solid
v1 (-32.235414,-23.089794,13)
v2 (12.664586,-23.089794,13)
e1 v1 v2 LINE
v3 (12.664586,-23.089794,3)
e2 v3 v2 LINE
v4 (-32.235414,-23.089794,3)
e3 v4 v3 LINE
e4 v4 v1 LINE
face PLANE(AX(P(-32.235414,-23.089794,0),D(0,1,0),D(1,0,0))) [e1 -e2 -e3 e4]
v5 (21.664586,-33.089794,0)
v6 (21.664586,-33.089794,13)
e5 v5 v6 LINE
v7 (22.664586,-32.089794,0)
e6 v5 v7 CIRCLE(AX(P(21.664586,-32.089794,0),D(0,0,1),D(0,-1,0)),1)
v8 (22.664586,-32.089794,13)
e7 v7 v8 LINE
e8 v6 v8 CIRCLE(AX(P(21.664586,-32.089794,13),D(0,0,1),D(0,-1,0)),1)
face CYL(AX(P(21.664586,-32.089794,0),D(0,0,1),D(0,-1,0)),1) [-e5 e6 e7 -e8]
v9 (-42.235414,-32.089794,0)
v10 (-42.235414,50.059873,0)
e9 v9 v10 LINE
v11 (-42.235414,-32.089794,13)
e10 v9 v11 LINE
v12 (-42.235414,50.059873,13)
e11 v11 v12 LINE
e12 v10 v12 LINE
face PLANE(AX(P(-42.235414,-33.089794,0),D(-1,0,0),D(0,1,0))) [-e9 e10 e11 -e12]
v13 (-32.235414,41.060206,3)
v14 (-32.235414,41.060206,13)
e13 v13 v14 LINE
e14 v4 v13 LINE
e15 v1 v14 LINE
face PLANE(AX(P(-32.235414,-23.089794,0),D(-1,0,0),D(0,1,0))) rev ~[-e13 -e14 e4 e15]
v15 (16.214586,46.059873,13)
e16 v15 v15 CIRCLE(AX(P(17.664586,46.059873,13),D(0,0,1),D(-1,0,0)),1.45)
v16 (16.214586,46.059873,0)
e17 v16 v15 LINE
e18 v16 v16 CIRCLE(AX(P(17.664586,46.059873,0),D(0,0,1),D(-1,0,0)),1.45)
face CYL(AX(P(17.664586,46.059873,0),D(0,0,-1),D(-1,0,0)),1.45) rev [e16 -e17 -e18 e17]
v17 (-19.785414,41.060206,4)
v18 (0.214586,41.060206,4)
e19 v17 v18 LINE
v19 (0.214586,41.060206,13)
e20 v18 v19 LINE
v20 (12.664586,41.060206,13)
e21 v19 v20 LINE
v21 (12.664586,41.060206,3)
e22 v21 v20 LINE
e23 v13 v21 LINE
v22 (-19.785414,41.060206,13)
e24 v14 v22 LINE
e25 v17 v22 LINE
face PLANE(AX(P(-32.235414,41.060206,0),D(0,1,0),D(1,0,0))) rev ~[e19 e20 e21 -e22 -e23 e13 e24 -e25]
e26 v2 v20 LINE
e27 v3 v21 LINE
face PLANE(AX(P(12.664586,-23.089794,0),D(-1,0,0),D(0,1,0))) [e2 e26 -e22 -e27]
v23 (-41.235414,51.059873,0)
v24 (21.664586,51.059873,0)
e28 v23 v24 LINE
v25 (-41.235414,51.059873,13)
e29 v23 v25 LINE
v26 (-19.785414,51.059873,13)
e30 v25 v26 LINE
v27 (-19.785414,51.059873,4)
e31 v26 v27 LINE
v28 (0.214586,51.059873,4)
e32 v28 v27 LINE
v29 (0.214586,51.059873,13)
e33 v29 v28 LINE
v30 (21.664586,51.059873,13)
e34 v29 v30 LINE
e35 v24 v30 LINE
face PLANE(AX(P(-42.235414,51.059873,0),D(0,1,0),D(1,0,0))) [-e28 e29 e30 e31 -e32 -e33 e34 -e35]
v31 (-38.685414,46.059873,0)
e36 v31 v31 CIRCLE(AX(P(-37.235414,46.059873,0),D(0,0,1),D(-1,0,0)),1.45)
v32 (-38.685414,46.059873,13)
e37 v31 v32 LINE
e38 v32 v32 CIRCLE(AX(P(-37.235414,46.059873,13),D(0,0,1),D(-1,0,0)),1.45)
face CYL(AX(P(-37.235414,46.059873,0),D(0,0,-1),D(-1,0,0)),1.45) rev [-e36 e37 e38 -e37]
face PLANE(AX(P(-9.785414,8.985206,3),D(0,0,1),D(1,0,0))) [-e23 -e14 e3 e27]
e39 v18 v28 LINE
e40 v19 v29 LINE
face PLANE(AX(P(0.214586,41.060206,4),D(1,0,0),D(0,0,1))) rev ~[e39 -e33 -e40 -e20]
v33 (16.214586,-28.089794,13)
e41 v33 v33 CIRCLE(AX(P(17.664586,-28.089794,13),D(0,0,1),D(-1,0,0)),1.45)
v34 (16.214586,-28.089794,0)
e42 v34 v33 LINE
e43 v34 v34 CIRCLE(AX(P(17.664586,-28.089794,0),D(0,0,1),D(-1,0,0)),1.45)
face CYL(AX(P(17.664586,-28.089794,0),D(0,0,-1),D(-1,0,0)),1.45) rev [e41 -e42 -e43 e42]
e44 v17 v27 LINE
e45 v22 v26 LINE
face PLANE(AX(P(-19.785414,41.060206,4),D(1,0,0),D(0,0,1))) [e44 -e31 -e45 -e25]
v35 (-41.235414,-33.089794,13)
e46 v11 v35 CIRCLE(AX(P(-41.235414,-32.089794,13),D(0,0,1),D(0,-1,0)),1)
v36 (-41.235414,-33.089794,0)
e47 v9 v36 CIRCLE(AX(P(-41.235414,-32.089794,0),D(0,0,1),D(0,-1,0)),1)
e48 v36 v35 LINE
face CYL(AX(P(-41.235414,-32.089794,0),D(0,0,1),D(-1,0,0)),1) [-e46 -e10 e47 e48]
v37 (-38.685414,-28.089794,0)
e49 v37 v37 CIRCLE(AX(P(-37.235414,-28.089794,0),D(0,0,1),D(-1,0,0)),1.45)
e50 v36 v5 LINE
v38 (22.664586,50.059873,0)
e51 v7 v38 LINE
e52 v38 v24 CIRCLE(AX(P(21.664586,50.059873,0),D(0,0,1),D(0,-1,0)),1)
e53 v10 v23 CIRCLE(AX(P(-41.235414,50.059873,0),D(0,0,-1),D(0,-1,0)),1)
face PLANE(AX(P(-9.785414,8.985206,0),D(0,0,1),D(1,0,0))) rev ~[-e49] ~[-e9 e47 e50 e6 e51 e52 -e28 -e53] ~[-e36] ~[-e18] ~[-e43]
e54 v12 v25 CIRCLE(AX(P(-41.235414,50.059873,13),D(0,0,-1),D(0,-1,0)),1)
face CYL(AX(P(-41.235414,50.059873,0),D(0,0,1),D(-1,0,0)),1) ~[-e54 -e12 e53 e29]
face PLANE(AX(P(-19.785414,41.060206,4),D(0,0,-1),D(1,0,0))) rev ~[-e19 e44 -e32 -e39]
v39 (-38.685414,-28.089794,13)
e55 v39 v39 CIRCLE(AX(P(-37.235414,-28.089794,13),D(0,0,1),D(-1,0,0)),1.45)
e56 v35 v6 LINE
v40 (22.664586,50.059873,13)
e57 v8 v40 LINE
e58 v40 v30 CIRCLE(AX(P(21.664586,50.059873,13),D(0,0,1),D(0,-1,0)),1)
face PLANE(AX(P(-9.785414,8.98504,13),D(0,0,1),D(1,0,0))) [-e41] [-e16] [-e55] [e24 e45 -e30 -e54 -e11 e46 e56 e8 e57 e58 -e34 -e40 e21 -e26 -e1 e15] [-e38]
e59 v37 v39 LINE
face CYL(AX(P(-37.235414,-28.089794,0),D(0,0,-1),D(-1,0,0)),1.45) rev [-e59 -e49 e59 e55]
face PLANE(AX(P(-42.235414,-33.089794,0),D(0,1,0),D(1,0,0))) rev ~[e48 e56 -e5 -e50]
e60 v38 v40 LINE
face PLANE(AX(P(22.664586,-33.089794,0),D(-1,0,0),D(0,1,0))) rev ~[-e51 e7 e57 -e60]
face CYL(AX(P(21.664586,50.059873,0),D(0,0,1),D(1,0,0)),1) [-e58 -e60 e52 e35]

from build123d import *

# Parameters (mm, degrees)
ESQUISSE2_W             = 64.9
ESQUISSE2_H             = 84.149666381
ESQUISSE2_R             = 1.45
ESQUISSE2_W_2           = 44.9
ESQUISSE2_H_2           = 64.15
BOSS_EXTRU_3_DEPTH      = 13
ESQUISSE6_W             = 44.9
ESQUISSE6_H             = 64.15
BOSS_EXTRU_4_DEPTH      = 3
ESQUISSE8_W             = 20
ESQUISSE8_H             = 9
ENL_V_MAT_EXTRU_2_DEPTH = 10
CONG_1_R                = 1
CONG_2_R                = 1
CONG_3_R                = 1
CONG_4_R                = 1


with BuildPart() as part:
    # Esquisse2 → Boss.-Extru.3 (new body)
    with BuildSketch(Plane.XY):
        with Locations((-9.785413718, 8.985039615)):
            Rectangle(ESQUISSE2_W, ESQUISSE2_H)
        with Locations(Location((17.664586282, 46.059872806, 0), (0, 0, 180))):
            Circle(ESQUISSE2_R, mode=Mode.SUBTRACT)
        with Locations(Location((-37.235413718, 46.059872806, 0), (0, 0, 180))):
            Circle(ESQUISSE2_R, mode=Mode.SUBTRACT)
        with Locations(Location((-37.235413718, -28.089793575, 0), (0, 0, 180))):
            Circle(ESQUISSE2_R, mode=Mode.SUBTRACT)
        with Locations(Location((17.664586282, -28.089793575, 0), (0, 0, 180))):
            Circle(ESQUISSE2_R, mode=Mode.SUBTRACT)
        with Locations((-9.785413718, 8.985206425)):
            Rectangle(ESQUISSE2_W_2, ESQUISSE2_H_2, mode=Mode.SUBTRACT)
    extrude(amount=BOSS_EXTRU_3_DEPTH)

    # Esquisse6 → Boss.-Extru.4 (add)
    with BuildSketch(Plane.XY):
        with Locations((-9.785413718, 8.985206425)):
            Rectangle(ESQUISSE6_W, ESQUISSE6_H)
    extrude(amount=BOSS_EXTRU_4_DEPTH)

    # Esquisse8 → Enlèv. mat.-Extru.2 (cut)
    with BuildSketch(Plane.XZ.offset(-41.060206425)):
        with Locations((-9.785413718, 8.5)):
            Rectangle(ESQUISSE8_W, ESQUISSE8_H)
    extrude(amount=-ENL_V_MAT_EXTRU_2_DEPTH, mode=Mode.SUBTRACT)

    # Congé1
    cong_1_edges = [part.edges().sort_by_distance(p)[0] for p in [
        (-42.235413718, 51.059872806, 6.5),
    ]]
    fillet(cong_1_edges, radius=CONG_1_R)

    # Congé2
    cong_2_edges = [part.edges().sort_by_distance(p)[0] for p in [
        (-42.235413718, -33.089793575, 6.5),
    ]]
    fillet(cong_2_edges, radius=CONG_2_R)

    # Congé3
    cong_3_edges = [part.edges().sort_by_distance(p)[0] for p in [
        (22.664586282, -33.089793575, 6.5),
    ]]
    fillet(cong_3_edges, radius=CONG_3_R)

    # Congé4
    cong_4_edges = [part.edges().sort_by_distance(p)[0] for p in [
        (22.664586282, 51.059872806, 6.5),
    ]]
    fillet(cong_4_edges, radius=CONG_4_R)


solid = part.part
